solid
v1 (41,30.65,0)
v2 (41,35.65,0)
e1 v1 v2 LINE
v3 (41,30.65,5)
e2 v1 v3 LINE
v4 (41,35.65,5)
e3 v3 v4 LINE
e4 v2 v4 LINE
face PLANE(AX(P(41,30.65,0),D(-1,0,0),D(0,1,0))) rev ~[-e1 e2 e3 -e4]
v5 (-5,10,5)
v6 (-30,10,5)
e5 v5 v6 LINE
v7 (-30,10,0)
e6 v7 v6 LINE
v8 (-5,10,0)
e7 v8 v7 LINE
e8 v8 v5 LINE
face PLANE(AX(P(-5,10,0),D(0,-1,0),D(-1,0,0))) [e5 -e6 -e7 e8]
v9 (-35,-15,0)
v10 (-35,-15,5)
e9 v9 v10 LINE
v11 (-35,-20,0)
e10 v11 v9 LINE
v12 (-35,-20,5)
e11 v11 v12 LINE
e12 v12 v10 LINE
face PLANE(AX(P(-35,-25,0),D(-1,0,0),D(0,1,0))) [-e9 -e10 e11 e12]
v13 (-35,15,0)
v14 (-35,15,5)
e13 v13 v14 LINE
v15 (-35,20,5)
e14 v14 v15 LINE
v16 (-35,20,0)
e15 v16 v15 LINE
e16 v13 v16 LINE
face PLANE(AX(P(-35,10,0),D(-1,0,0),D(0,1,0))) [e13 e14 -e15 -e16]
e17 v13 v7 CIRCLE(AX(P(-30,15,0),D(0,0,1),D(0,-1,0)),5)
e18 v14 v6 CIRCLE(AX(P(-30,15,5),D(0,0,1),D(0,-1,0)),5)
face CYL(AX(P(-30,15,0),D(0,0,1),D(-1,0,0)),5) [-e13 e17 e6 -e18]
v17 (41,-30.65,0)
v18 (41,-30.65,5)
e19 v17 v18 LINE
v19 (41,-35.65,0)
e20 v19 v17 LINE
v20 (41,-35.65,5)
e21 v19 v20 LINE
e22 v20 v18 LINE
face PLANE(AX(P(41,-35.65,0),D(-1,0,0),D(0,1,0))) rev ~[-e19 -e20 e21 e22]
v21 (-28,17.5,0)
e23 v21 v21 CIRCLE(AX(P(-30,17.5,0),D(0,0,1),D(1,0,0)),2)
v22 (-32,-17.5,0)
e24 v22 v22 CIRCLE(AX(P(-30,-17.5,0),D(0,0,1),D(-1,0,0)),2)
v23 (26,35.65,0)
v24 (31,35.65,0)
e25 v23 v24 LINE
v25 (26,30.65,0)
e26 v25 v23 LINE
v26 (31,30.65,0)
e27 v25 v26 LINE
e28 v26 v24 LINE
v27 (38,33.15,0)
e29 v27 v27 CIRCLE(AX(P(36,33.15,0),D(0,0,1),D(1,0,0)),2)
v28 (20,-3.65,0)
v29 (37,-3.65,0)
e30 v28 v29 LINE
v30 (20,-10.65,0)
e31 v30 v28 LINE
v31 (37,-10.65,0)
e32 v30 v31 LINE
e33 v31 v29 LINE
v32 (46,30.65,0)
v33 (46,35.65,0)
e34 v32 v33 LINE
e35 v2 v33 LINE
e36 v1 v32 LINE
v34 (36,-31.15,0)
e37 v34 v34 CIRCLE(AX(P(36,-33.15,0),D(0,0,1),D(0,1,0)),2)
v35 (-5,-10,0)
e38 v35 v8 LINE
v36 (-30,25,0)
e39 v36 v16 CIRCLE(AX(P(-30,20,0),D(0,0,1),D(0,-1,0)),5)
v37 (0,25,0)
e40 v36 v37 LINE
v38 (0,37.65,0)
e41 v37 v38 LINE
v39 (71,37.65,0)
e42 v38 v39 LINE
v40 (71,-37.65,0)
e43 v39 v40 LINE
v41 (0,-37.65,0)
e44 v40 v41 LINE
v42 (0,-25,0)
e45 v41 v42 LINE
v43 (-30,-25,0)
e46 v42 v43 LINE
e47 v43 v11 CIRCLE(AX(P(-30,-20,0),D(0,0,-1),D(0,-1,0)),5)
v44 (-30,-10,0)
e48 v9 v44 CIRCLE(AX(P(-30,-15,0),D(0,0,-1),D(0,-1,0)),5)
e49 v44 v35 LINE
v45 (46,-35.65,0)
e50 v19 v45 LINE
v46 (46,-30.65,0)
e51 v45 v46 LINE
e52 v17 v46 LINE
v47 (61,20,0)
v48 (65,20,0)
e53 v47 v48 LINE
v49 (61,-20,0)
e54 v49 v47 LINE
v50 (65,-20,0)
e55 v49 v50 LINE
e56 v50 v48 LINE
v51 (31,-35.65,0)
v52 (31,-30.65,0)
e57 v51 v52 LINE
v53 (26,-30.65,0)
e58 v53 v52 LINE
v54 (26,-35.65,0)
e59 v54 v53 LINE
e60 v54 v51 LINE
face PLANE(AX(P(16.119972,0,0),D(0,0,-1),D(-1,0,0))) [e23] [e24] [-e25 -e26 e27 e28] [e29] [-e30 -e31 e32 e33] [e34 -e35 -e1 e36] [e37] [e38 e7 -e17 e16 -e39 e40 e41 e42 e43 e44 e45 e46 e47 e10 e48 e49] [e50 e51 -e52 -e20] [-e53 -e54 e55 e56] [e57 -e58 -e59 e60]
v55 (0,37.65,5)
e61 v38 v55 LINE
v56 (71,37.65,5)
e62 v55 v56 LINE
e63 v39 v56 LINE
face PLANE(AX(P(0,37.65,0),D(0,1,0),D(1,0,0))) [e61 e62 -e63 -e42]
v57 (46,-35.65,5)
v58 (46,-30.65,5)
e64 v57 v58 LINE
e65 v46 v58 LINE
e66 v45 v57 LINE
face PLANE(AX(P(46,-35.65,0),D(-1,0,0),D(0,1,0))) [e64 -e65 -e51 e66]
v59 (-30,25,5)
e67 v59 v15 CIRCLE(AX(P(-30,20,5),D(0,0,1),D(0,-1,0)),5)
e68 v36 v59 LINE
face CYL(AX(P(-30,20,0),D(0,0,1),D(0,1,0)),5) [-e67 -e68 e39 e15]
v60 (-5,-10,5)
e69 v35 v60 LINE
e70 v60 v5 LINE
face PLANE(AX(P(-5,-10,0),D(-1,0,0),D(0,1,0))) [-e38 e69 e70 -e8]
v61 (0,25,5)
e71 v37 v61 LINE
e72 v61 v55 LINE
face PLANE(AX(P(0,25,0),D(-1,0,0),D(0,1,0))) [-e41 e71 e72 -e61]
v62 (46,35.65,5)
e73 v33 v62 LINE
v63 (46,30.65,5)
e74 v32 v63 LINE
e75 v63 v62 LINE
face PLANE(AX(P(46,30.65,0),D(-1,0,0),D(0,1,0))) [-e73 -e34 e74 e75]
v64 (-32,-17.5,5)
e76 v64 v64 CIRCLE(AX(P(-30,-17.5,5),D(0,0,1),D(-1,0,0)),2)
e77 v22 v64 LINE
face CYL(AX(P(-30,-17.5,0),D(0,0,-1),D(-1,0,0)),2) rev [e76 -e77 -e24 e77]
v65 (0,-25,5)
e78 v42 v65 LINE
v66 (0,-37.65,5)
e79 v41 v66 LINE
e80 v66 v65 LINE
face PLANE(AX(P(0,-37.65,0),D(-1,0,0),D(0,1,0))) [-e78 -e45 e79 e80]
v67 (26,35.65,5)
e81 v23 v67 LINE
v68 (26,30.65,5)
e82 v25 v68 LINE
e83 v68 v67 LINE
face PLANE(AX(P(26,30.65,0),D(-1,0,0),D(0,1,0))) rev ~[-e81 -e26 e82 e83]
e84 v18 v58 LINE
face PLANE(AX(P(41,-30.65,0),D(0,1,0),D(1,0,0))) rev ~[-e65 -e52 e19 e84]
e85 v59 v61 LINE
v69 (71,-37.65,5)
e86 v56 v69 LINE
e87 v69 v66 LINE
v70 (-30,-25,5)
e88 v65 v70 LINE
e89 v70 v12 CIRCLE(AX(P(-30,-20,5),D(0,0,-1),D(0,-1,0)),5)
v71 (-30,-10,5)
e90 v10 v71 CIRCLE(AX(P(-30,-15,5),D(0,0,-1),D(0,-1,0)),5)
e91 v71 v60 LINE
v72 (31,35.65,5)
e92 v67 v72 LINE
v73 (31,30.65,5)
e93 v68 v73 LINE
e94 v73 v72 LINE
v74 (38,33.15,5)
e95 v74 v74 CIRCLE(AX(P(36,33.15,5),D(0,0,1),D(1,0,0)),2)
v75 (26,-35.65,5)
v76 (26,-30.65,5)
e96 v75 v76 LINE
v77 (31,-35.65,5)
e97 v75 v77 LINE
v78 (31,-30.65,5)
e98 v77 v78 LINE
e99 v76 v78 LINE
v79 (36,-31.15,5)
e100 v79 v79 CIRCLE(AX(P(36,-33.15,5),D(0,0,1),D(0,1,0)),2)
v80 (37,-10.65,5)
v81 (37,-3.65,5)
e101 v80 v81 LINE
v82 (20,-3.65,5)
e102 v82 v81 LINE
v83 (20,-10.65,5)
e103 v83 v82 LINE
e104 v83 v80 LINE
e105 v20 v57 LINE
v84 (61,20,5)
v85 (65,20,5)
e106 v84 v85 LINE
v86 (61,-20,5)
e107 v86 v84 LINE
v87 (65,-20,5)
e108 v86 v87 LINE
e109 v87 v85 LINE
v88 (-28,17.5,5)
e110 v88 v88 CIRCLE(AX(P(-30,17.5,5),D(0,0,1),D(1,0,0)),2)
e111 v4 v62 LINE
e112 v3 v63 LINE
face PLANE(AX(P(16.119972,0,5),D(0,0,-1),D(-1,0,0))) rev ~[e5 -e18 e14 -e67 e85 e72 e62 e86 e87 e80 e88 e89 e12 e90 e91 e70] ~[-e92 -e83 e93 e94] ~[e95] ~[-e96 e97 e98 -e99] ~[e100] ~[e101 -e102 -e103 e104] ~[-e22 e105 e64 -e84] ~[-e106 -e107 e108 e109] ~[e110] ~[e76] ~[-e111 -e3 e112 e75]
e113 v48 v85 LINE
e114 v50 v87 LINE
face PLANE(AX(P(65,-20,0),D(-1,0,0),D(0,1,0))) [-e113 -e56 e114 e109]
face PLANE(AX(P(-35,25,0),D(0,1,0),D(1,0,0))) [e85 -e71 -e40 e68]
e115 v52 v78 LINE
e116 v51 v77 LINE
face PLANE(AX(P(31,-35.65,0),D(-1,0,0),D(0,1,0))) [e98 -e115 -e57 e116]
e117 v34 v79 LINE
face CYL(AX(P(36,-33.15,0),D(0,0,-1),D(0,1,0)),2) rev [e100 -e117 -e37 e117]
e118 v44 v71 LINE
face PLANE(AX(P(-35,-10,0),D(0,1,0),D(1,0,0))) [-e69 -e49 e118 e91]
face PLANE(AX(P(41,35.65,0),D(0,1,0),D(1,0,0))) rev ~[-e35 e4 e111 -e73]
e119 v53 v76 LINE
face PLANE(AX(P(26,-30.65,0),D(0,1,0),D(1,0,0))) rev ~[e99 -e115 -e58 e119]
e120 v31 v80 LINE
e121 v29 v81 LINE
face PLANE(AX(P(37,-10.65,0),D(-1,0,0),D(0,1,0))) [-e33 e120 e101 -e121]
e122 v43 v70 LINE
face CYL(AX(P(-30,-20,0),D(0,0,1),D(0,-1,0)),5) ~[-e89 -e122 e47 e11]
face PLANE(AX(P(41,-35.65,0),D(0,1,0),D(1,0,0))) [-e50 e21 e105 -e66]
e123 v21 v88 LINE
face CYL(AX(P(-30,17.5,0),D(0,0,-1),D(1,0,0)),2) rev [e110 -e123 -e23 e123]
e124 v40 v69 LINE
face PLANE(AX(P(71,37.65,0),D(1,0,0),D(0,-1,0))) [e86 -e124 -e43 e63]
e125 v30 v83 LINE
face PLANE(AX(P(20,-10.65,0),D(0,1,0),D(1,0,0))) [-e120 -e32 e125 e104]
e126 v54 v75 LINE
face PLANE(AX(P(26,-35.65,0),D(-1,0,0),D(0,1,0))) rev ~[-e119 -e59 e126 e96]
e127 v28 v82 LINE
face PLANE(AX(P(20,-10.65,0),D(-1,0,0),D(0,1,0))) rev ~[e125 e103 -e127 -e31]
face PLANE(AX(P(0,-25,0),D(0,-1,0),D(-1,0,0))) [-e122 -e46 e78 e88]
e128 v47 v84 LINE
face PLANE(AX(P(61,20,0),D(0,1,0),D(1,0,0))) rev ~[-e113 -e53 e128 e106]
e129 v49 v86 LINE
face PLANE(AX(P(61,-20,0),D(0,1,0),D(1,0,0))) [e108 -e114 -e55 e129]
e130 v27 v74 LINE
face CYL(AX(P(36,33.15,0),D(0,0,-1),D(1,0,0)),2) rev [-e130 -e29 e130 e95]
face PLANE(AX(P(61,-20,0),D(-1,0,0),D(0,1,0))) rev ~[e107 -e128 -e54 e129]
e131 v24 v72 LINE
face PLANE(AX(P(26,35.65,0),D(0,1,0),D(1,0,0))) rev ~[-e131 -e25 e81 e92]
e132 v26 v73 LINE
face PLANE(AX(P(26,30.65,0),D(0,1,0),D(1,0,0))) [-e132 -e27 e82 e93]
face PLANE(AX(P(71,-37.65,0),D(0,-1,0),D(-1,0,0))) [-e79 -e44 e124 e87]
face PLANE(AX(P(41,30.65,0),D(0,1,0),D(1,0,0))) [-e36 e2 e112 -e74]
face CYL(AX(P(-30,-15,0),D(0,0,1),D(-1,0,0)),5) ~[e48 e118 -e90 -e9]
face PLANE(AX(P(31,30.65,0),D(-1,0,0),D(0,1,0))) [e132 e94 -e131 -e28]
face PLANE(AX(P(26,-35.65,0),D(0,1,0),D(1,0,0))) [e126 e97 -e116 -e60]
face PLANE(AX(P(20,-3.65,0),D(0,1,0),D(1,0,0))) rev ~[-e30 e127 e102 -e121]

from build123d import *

# Parameters (mm, degrees)
ESQUISSE1_R        = 2
ESQUISSE1_W        = 17
ESQUISSE1_H        = 7
ESQUISSE1_W_2      = 4
ESQUISSE1_H_2      = 40
ESQUISSE1_W_3      = 5
ESQUISSE1_H_3      = 5
BOSS_EXTRU_1_DEPTH = 5
CONG_1_R           = 5


with BuildPart() as part:
    # Esquisse1 → Boss.-Extru.1 (new body)
    with BuildSketch(Plane.XY):
        Polygon((0, 37.65), (71, 37.65), (71, -37.65), (0, -37.65), (0, -25), (-35, -25), (-35, -10), (-5, -10), (-5, 10), (-35, 10), (-35, 25), (0, 25), align=None)
        with Locations((-30, 17.5)):
            Circle(ESQUISSE1_R, mode=Mode.SUBTRACT)
        with Locations(Location((-30, -17.5, 0), (0, 0, 180))):
            Circle(ESQUISSE1_R, mode=Mode.SUBTRACT)
        with Locations((36, 33.15)):
            Circle(ESQUISSE1_R, mode=Mode.SUBTRACT)
        with Locations(Location((36, -33.15, 0), (0, 0, 90))):
            Circle(ESQUISSE1_R, mode=Mode.SUBTRACT)
        with Locations((28.5, -7.15)):
            Rectangle(ESQUISSE1_W, ESQUISSE1_H, mode=Mode.SUBTRACT)
        with Locations((63, 0)):
            Rectangle(ESQUISSE1_W_2, ESQUISSE1_H_2, mode=Mode.SUBTRACT)
        with Locations((28.5, 33.15)):
            Rectangle(ESQUISSE1_W_3, ESQUISSE1_H_3, mode=Mode.SUBTRACT)
        with Locations((43.5, 33.15)):
            Rectangle(ESQUISSE1_W_3, ESQUISSE1_H_3, mode=Mode.SUBTRACT)
        with Locations((28.5, -33.15)):
            Rectangle(ESQUISSE1_W_3, ESQUISSE1_H_3, mode=Mode.SUBTRACT)
        with Locations((43.5, -33.15)):
            Rectangle(ESQUISSE1_W_3, ESQUISSE1_H_3, mode=Mode.SUBTRACT)
    extrude(amount=BOSS_EXTRU_1_DEPTH)

    # Congé1
    cong_1_edges = [part.edges().sort_by_distance(p)[0] for p in [
        (-35, -10, 2.5),
        (-35, 10, 2.5),
        (-35, 25, 2.5),
        (-35, -25, 2.5),
    ]]
    fillet(cong_1_edges, radius=CONG_1_R)


solid = part.part
